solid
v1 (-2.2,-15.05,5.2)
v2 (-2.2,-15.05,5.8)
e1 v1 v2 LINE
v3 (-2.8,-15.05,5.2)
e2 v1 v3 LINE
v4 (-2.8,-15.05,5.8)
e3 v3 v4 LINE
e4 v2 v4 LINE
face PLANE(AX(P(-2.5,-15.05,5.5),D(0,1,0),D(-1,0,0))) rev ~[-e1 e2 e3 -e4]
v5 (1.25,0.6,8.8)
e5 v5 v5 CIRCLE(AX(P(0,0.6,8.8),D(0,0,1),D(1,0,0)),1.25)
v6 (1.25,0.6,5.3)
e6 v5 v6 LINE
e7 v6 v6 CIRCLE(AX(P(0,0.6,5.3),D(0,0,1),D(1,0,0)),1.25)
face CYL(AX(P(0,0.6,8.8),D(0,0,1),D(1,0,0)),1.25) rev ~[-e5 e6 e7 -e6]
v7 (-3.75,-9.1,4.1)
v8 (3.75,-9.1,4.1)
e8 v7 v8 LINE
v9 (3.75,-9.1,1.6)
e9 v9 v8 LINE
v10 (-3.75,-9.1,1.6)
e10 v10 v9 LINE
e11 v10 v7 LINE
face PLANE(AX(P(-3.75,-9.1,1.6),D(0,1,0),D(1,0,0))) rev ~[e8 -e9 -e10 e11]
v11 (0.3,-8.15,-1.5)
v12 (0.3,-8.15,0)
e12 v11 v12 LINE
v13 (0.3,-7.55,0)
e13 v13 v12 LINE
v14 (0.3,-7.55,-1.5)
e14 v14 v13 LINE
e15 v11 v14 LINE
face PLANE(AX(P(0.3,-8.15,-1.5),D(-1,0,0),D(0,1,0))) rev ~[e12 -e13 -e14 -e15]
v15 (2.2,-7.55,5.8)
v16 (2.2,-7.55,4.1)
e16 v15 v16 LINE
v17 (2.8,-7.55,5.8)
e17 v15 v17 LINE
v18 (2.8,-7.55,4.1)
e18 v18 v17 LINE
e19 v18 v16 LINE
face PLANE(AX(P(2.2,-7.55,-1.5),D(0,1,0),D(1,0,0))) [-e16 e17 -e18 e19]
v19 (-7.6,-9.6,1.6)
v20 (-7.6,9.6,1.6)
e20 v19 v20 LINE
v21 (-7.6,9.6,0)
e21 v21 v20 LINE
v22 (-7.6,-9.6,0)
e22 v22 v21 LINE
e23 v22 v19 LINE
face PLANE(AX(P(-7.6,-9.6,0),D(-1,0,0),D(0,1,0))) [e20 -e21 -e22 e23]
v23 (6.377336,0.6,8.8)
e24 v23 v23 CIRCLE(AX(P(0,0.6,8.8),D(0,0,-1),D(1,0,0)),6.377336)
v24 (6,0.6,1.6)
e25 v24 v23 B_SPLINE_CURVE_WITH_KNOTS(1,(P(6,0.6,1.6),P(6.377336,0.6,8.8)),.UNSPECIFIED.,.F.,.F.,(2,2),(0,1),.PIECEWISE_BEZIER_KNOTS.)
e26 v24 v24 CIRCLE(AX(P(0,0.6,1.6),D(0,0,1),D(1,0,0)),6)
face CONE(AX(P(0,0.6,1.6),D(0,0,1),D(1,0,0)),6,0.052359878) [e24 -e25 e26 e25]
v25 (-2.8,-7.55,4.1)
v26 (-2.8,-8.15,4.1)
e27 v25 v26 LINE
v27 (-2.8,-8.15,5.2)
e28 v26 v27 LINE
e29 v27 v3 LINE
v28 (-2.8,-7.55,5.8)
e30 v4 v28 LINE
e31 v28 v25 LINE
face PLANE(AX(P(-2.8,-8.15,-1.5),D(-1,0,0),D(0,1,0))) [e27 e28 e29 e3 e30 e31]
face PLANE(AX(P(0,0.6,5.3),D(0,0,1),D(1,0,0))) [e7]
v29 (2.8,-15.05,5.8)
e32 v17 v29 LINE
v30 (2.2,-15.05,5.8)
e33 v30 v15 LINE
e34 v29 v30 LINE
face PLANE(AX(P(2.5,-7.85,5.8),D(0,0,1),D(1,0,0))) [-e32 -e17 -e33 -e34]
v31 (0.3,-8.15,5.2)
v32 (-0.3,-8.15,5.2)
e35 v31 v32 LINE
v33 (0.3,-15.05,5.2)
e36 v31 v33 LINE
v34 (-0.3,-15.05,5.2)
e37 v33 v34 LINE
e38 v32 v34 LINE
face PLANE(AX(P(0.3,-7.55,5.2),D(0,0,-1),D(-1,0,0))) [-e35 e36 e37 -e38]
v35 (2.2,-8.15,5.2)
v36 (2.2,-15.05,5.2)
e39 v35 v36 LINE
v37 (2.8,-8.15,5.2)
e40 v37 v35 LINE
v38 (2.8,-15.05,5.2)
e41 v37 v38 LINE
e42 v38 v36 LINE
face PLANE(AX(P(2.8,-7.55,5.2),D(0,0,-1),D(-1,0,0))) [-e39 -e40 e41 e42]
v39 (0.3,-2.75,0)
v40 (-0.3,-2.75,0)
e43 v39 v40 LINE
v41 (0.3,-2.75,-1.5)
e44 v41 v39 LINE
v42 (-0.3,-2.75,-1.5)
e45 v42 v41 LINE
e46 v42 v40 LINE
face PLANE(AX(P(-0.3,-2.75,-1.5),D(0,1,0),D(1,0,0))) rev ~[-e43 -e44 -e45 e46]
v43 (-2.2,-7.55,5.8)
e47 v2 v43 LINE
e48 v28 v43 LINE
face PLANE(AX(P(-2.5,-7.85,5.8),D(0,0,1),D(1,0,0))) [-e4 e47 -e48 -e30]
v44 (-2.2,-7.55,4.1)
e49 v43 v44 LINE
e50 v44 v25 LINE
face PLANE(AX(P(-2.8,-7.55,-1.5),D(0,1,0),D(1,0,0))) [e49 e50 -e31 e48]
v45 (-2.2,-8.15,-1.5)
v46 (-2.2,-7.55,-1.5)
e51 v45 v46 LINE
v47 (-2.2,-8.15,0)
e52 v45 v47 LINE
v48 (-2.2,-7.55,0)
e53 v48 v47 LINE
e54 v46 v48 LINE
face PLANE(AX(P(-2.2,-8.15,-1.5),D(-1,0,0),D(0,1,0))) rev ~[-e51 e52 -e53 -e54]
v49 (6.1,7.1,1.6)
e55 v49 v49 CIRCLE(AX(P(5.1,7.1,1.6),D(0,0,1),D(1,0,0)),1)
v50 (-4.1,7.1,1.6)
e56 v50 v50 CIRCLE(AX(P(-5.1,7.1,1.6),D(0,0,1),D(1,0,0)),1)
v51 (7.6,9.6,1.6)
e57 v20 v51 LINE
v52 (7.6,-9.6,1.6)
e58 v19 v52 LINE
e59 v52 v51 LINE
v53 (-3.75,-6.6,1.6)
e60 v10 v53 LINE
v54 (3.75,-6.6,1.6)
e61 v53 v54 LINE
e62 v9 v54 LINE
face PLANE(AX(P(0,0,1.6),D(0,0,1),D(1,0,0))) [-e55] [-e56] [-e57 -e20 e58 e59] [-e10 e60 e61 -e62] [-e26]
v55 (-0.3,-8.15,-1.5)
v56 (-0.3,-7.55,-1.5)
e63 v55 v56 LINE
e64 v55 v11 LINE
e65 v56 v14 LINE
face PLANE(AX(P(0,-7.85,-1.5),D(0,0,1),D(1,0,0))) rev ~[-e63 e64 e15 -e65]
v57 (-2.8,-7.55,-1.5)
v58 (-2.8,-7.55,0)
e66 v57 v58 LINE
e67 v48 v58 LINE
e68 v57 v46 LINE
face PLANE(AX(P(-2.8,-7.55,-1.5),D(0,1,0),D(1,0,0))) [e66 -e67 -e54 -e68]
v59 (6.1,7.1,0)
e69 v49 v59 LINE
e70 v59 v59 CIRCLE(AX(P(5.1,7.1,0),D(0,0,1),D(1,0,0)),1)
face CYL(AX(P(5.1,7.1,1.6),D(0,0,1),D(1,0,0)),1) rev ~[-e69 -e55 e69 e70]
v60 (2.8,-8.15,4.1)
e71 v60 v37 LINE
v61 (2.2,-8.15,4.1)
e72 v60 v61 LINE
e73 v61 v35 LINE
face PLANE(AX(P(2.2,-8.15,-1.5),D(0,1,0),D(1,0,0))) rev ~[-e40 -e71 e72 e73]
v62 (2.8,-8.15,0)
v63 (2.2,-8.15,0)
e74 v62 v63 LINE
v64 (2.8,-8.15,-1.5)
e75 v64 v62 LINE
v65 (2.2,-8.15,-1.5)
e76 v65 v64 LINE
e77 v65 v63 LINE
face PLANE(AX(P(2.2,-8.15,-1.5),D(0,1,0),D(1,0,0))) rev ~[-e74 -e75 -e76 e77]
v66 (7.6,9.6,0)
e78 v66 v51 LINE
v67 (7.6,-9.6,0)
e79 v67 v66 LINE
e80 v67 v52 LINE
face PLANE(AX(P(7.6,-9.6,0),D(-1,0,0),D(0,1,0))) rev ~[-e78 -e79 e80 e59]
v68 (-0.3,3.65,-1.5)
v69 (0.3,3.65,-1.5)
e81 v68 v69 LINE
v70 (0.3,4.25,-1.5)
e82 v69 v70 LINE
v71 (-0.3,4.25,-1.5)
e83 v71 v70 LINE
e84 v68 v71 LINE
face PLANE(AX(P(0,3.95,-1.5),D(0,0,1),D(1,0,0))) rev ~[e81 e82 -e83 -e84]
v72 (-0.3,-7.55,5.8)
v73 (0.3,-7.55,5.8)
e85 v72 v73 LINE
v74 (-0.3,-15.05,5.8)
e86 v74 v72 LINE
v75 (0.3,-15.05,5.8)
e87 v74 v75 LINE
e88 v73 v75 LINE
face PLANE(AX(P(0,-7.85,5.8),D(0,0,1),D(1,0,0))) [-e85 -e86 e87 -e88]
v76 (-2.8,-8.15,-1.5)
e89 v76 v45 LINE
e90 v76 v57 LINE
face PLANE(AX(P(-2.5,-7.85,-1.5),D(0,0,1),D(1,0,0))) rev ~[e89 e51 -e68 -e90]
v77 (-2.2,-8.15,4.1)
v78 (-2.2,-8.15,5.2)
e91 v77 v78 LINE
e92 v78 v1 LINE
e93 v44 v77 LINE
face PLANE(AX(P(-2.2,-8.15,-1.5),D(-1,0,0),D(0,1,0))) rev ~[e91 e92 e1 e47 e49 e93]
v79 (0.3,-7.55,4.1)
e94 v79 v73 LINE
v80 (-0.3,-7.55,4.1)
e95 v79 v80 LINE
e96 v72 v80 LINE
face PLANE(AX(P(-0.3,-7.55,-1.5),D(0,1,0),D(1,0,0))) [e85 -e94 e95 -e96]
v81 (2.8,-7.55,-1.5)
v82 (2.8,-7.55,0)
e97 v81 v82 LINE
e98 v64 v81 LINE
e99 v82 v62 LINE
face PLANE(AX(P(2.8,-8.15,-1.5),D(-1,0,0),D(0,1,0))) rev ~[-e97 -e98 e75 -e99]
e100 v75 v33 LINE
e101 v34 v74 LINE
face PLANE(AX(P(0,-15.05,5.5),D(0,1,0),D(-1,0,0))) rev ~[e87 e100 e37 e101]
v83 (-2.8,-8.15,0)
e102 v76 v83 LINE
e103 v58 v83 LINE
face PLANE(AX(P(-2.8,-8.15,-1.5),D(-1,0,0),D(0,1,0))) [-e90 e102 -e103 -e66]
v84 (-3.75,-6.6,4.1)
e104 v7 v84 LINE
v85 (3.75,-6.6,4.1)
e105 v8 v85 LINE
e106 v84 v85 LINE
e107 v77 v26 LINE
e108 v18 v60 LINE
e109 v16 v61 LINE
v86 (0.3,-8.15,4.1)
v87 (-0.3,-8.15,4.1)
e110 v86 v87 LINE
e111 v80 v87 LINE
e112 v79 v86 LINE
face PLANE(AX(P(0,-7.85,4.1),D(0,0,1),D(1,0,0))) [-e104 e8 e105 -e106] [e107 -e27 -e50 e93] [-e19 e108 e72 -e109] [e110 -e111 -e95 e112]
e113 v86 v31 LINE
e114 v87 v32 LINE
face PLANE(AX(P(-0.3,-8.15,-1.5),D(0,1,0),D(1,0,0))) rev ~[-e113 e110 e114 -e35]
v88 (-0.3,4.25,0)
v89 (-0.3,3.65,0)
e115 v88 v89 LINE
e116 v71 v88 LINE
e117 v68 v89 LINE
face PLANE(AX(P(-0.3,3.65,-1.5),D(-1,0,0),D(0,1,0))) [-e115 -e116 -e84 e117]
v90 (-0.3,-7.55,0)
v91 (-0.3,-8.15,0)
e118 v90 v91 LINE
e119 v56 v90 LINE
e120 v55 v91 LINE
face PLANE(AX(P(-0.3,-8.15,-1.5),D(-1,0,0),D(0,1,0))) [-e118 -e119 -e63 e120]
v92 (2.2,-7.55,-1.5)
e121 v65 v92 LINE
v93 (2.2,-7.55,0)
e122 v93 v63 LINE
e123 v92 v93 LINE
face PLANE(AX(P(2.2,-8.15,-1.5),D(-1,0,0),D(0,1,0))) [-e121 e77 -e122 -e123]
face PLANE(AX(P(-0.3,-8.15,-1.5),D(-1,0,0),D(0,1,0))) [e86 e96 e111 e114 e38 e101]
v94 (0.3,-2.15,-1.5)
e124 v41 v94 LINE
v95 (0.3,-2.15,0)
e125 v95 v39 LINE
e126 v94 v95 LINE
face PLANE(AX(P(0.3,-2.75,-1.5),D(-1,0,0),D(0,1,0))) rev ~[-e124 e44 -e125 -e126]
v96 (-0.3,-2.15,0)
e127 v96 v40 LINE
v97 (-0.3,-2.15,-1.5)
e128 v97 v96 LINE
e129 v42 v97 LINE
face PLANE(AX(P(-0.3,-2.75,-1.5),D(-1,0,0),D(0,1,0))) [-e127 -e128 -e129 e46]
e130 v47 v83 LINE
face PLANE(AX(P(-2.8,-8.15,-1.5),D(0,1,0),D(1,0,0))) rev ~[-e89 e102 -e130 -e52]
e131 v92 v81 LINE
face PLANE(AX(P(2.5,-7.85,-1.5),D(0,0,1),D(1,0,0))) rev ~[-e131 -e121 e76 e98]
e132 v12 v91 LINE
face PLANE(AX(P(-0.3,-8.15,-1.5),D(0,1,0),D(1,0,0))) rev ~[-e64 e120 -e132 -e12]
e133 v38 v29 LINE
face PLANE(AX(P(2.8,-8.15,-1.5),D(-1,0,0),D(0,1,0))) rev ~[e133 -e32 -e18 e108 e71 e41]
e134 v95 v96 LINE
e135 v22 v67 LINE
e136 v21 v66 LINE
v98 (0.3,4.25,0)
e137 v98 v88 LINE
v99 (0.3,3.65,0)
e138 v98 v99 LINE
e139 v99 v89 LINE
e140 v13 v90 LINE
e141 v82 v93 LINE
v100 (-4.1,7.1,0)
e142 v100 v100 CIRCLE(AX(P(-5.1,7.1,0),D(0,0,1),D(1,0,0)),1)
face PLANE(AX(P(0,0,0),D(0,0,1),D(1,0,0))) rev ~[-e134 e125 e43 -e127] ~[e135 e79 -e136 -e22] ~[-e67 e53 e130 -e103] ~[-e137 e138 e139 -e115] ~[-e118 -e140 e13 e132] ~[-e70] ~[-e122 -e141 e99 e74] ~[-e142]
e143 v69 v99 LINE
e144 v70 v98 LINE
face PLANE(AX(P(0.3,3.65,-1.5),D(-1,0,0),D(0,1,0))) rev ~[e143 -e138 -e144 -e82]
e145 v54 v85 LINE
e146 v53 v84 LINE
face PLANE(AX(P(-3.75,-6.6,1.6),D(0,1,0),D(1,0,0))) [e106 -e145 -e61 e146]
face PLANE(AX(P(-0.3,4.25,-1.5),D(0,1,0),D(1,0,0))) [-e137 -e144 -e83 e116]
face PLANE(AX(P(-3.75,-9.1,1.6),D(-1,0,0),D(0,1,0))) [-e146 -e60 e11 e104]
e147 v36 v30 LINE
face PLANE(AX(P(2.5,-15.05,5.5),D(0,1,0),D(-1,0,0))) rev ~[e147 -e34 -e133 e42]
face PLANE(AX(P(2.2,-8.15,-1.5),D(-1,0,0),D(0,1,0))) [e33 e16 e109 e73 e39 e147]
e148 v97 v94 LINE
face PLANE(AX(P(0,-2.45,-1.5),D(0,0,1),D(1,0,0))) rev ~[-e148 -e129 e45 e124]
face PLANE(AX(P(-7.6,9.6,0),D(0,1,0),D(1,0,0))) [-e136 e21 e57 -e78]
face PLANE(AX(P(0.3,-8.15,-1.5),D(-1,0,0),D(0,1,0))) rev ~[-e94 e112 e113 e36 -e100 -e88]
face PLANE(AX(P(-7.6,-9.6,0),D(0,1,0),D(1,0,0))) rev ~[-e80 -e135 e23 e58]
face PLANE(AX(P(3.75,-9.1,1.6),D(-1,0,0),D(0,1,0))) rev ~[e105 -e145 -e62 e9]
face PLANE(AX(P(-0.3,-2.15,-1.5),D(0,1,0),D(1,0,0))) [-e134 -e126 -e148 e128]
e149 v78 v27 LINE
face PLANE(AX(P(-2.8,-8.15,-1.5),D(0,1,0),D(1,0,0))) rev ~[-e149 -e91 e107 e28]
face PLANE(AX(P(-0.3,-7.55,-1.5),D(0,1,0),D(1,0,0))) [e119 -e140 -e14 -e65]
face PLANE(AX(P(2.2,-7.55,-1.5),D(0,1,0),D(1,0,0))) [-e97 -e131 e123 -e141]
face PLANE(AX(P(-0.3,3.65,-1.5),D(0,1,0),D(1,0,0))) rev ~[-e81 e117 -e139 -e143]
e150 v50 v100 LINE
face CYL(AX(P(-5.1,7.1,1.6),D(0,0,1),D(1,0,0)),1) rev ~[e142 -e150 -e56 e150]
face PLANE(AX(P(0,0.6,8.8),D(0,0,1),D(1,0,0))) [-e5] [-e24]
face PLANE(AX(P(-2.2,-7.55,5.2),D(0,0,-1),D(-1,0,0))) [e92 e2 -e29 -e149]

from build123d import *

# Parameters (mm, degrees)
F0_W      = 15.2
F0_H      = 19.2
F1_DEPTH  = 1.6
F2_R      = 6
F3_DEPTH  = 7.2
F3_TAPER  = -3
F4_R      = 1.25
F5_DEPTH  = 3.5
F6_R      = 1
F7_DEPTH  = 25
F8_W      = 7.5
F8_H      = 2.5
F9_DEPTH  = 2.5
F11_W     = 0.6
F11_H     = 0.6
F12_DEPTH = 7.3
F13_W     = 0.6
F13_H     = 0.6
F14_DEPTH = 7.5


with BuildPart() as f1:
    # F0 (on Top) → F1 (new body)
    with BuildSketch(Plane.XY):
        Rectangle(F0_W, F0_H)
    extrude(amount=F1_DEPTH)

    # F2 (on face) → F3 (join)
    with BuildSketch(Plane.XY.offset(1.6)):
        with Locations((0, 0.6)):
            Circle(F2_R)
    extrude(amount=F3_DEPTH, taper=F3_TAPER)

    # F4 (on face) → F5 (cut)
    with BuildSketch(Plane.XY.offset(8.8)):
        with Locations((0, 0.6)):
            Circle(F4_R)
    extrude(amount=-F5_DEPTH, mode=Mode.SUBTRACT)

    # F6 (on face) → F7 (cut)
    with BuildSketch(Plane.XY.offset(1.6)):
        with Locations((-5.1, 7.1)):
            Circle(F6_R)
        with Locations((5.1, 7.1)):
            Circle(F6_R)
    extrude(amount=-F7_DEPTH, mode=Mode.SUBTRACT)

    # F8 (on face) → F9 (join)
    with BuildSketch(Plane.XY.offset(1.6)):
        with Locations((0, -7.85)):
            Rectangle(F8_W, F8_H)
    extrude(amount=F9_DEPTH)

    # F11 (on offset) → F12 (join)
    with BuildSketch(Plane.XY.offset(-1.5)):
        with Locations((0, -7.85)):
            Rectangle(F11_W, F11_H)
        with Locations((2.4999999441, -7.85)):
            Rectangle(F11_W, F11_H)
        with Locations((-2.4999999441, -7.85)):
            Rectangle(F11_W, F11_H)
        with Locations((0, 3.95)):
            Rectangle(F11_W, F11_H)
        with Locations((0, -2.45)):
            Rectangle(F11_W, F11_H)
    extrude(amount=F12_DEPTH)

    # F13 (on face) → F14 (join)
    with BuildSketch(Plane(origin=(0, -7.55, 0), x_dir=(-1, 0, 0), z_dir=(0, 1, 0))):
        with Locations((2.4999999441, 5.5)):
            Rectangle(F13_W, F13_H)
        Polygon((0.3, 5.8), (0, 5.8), (-0.3, 5.8), (-0.3, 5.2), (0, 5.2), (0.3, 5.2), align=None)
        with Locations((-2.4999999441, 5.5)):
            Rectangle(F13_W, F13_H)
    extrude(amount=-F14_DEPTH)


solid = f1.part
